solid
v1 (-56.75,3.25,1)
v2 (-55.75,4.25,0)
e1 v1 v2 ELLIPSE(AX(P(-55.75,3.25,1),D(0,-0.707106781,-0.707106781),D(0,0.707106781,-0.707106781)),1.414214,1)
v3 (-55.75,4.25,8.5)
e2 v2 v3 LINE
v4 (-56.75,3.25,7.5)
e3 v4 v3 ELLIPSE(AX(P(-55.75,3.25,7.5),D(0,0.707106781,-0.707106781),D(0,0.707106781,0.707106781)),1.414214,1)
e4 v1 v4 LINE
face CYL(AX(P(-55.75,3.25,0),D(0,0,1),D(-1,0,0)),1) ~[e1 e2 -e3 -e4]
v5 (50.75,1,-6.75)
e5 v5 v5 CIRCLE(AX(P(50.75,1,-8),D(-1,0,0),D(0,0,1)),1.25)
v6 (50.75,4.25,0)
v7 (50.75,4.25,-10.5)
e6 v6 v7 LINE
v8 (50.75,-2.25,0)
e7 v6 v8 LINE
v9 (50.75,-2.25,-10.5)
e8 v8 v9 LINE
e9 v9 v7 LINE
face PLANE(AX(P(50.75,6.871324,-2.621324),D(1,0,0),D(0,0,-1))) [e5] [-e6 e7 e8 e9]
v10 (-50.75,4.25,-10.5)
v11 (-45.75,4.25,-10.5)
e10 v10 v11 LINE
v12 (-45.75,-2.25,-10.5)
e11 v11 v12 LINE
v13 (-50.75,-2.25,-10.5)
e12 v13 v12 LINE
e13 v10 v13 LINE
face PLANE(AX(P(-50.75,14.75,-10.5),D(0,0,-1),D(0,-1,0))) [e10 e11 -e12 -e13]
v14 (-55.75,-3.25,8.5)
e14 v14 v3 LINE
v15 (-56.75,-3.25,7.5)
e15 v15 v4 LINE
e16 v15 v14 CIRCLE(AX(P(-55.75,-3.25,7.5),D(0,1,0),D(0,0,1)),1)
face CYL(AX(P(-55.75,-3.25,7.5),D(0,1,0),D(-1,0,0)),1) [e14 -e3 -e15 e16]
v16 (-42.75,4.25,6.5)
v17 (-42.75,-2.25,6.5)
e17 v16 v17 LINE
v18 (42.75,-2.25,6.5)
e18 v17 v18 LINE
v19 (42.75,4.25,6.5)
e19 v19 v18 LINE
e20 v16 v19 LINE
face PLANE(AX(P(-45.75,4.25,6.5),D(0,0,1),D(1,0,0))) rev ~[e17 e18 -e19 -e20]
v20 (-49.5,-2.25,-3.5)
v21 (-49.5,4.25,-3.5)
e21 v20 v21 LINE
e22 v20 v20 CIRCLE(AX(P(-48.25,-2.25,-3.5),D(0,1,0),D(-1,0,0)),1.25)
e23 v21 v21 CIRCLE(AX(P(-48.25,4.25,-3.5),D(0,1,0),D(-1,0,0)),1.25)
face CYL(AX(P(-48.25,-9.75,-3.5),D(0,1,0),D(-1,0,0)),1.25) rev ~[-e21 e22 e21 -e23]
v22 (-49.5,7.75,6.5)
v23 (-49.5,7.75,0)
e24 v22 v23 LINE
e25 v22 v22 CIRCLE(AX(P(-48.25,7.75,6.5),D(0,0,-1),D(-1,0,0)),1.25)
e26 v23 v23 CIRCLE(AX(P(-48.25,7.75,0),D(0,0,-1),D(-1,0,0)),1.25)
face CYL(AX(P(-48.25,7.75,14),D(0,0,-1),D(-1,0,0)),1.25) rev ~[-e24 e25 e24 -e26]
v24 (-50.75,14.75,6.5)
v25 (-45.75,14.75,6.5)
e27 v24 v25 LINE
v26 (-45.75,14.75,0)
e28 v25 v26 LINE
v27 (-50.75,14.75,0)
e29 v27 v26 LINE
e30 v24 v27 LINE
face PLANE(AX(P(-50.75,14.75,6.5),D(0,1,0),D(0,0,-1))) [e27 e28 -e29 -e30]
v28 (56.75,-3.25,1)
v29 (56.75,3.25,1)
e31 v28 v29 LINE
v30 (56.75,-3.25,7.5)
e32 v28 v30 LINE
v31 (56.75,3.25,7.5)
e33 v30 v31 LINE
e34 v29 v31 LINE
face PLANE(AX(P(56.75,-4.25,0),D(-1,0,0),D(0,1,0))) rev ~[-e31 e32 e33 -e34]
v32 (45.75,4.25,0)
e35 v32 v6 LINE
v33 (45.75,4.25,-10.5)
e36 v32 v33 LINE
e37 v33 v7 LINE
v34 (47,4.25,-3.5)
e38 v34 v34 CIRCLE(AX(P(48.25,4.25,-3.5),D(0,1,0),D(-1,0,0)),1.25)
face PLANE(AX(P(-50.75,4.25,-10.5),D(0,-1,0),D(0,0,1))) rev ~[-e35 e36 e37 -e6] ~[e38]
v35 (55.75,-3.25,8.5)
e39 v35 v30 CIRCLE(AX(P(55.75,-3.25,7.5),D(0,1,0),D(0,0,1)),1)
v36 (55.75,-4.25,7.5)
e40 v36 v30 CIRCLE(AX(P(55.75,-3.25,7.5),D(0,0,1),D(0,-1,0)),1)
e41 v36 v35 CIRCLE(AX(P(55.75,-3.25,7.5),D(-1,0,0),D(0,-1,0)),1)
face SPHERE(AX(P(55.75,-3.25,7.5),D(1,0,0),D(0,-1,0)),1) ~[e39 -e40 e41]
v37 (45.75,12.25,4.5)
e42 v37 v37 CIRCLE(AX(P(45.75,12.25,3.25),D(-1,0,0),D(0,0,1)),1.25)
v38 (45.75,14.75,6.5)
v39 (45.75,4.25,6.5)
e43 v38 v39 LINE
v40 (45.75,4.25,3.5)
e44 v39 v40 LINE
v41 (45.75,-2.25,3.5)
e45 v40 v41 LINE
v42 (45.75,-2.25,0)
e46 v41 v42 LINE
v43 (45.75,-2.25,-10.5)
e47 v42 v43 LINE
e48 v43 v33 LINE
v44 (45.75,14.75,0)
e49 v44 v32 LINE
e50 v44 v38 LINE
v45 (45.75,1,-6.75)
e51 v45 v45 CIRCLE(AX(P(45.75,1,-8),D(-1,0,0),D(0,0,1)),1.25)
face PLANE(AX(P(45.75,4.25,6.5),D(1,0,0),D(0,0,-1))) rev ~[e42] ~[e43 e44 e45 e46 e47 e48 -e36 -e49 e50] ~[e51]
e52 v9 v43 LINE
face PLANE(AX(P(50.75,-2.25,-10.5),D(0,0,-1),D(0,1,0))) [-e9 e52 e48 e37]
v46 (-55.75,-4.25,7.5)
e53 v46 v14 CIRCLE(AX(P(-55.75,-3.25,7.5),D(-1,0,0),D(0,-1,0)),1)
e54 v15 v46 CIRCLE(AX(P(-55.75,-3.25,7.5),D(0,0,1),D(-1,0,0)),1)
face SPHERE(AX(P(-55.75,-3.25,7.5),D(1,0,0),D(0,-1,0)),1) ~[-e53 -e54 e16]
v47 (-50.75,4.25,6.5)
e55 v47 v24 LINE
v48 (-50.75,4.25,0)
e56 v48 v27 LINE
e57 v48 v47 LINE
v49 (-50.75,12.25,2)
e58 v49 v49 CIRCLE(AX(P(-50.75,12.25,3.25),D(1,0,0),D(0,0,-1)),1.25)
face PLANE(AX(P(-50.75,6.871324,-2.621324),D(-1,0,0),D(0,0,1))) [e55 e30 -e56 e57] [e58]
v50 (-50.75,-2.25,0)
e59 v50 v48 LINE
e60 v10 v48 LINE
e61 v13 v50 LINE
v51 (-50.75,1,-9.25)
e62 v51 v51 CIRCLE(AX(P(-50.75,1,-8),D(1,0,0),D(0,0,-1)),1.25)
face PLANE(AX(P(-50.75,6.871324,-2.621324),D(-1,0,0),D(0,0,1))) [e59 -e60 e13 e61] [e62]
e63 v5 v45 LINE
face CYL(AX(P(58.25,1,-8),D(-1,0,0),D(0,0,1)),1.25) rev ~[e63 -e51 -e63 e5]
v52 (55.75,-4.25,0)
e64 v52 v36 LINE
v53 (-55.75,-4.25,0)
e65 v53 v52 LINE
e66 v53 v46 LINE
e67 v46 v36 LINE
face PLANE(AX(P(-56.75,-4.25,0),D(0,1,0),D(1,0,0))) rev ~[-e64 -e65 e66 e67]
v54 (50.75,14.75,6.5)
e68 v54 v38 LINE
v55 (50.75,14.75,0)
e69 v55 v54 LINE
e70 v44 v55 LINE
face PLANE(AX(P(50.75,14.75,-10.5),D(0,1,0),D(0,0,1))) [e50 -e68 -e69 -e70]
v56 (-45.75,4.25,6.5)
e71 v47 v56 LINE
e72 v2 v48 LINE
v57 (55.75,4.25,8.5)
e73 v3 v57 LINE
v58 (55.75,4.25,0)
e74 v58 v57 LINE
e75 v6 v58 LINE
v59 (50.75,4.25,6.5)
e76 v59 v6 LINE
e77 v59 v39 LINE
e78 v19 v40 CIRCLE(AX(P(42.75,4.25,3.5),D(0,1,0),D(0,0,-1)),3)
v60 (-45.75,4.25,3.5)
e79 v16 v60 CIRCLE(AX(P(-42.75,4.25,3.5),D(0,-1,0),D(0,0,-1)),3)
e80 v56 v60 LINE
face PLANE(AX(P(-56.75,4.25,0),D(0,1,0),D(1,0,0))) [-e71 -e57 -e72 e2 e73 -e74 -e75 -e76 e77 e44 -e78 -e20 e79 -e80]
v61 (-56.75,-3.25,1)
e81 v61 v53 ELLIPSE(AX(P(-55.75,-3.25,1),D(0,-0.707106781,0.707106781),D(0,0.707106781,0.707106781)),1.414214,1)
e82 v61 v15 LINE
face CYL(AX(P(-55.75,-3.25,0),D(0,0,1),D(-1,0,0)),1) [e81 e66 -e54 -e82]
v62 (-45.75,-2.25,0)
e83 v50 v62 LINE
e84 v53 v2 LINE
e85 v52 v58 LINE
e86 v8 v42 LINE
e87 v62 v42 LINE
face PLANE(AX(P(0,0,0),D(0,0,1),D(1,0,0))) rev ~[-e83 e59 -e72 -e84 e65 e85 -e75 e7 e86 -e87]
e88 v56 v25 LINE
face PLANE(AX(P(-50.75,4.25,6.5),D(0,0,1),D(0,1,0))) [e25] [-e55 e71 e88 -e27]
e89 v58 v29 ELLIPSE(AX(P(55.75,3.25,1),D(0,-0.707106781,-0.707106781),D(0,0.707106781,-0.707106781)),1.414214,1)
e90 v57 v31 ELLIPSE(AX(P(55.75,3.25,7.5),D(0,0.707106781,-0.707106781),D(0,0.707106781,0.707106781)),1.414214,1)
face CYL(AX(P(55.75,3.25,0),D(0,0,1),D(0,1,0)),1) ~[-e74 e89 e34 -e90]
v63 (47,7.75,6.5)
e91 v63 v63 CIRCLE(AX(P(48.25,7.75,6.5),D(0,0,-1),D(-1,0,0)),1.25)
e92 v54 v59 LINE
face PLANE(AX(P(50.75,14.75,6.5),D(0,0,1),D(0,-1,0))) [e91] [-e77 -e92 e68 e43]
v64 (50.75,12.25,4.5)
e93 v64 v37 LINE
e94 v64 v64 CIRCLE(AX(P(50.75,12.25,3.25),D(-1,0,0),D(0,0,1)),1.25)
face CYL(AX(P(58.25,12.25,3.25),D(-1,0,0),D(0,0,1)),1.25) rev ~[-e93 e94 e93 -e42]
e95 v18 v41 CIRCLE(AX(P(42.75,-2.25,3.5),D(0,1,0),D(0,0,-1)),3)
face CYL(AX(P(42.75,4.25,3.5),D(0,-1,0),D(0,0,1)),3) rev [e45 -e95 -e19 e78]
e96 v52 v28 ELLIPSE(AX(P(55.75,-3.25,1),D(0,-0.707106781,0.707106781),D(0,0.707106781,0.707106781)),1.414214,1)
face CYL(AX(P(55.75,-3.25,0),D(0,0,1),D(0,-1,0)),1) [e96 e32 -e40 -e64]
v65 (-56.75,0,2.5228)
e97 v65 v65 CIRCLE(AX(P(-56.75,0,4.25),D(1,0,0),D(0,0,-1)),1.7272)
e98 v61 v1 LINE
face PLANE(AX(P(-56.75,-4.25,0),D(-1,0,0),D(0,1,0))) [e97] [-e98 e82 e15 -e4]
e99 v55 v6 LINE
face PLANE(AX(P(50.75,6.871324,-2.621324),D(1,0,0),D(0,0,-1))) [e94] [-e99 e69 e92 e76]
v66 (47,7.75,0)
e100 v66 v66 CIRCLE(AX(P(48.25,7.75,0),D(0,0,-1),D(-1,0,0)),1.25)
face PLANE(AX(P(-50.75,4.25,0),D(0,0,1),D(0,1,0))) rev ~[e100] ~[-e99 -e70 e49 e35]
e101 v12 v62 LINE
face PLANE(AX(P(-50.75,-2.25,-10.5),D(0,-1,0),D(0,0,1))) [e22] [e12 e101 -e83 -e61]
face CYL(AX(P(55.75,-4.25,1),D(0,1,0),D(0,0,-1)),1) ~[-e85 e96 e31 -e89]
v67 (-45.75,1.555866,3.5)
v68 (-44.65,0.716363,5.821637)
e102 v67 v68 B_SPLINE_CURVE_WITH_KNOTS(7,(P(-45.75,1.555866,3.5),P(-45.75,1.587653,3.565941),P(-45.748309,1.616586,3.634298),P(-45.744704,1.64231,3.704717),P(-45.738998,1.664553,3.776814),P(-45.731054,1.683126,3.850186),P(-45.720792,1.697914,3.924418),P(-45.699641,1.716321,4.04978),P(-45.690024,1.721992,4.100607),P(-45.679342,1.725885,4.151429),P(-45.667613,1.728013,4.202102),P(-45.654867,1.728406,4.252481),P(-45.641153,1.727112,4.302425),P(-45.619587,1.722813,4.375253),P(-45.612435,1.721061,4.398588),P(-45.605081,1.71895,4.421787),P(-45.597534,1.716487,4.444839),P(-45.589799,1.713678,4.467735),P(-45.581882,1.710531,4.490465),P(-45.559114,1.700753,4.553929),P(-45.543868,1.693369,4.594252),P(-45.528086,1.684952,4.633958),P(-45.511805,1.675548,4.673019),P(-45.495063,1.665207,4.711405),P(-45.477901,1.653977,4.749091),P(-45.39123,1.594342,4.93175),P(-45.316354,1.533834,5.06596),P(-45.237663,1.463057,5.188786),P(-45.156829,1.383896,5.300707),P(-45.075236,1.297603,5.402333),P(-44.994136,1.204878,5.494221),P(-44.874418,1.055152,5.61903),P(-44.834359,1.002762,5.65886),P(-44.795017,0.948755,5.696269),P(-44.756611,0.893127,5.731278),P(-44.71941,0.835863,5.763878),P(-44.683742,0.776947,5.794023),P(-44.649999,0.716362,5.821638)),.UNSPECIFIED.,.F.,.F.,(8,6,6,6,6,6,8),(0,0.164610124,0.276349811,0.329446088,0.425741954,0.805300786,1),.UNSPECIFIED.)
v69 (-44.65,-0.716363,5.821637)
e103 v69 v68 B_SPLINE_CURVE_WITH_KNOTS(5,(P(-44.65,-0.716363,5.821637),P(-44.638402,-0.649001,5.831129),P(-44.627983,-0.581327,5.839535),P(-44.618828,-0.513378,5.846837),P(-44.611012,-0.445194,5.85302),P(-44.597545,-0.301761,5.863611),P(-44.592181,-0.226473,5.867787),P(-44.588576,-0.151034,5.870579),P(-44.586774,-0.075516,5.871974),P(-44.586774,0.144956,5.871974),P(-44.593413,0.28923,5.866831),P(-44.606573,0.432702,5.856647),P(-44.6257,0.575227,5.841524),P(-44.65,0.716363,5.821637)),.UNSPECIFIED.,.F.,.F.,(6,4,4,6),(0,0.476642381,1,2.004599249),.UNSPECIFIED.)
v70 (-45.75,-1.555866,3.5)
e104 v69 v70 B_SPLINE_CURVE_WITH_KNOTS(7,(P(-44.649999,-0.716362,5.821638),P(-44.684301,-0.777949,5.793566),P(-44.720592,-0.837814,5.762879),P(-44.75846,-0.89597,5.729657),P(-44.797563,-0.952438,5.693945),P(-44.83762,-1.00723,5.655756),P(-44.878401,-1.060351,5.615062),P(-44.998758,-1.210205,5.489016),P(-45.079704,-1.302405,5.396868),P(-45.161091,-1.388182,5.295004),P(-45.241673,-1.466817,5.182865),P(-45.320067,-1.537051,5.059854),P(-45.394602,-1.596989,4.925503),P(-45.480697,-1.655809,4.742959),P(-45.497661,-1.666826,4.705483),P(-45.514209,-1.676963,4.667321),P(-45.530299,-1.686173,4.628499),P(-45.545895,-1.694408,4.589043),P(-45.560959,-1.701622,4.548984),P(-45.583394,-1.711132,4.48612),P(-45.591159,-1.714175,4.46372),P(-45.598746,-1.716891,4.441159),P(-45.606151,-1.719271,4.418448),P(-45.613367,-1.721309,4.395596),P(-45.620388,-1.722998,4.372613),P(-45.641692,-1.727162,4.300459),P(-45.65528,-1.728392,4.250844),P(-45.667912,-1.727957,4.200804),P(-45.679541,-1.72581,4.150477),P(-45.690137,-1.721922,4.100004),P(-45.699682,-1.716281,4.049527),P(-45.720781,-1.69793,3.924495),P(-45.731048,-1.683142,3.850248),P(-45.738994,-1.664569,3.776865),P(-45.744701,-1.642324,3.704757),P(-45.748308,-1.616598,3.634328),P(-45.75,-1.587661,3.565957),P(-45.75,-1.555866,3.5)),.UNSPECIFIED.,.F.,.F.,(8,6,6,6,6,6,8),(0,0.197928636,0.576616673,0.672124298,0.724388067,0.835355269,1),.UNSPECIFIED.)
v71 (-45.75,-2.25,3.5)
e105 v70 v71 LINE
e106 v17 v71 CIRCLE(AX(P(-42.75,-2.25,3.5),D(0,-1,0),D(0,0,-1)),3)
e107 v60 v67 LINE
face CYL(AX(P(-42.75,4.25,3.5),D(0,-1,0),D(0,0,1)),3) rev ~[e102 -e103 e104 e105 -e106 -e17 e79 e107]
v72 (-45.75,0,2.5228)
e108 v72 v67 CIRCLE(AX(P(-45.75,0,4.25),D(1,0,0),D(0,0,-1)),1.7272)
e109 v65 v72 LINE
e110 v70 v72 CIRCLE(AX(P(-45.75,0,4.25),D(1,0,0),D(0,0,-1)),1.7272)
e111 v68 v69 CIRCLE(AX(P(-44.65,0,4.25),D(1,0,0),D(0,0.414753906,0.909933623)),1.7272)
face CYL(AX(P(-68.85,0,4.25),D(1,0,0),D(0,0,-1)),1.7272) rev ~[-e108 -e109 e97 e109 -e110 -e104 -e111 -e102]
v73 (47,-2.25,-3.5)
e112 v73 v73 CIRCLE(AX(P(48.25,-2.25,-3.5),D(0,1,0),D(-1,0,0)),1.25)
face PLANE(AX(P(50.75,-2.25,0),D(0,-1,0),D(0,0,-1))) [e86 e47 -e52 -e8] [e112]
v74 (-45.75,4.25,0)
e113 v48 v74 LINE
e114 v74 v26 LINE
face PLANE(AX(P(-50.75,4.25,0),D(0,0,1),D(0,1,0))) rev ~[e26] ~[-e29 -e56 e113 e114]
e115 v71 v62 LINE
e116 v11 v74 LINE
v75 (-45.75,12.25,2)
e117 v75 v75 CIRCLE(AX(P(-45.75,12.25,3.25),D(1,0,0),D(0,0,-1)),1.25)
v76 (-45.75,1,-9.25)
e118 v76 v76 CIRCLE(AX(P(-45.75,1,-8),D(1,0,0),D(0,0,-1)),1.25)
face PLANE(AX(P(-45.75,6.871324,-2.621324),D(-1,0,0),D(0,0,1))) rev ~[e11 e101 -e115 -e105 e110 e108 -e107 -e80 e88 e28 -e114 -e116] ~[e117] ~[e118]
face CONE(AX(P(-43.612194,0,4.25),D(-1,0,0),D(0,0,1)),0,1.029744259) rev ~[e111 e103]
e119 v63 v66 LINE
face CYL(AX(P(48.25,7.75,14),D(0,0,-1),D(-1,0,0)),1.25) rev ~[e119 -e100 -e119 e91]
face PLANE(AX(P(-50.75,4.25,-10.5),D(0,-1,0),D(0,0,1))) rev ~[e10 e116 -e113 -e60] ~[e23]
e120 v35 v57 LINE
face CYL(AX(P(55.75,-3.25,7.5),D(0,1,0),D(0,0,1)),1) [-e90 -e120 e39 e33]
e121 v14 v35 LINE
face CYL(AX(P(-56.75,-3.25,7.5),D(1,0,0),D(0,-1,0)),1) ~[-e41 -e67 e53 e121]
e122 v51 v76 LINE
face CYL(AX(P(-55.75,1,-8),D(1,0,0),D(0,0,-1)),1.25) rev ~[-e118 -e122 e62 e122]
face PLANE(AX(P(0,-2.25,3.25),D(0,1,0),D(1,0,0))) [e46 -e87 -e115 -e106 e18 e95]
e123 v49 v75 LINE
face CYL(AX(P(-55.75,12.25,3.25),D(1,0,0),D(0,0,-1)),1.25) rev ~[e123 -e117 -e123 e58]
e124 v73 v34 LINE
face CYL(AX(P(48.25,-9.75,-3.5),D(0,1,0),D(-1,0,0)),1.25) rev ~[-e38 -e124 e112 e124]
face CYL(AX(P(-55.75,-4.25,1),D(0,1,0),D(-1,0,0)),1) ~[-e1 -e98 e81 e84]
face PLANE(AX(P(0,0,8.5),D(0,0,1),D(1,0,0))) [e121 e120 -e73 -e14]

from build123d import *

# Parameters (mm, degrees)
SKETCH1_W                 = 113.5
SKETCH1_H                 = 8.5
BOSS_EXTRUDE1_DEPTH       = 8.5
BOSS_EXTRUDE2_DEPTH       = 5
BOSS_EXTRUDE3_DEPTH       = 5
SKETCH13_W                = 91.5
SKETCH13_H                = 6.5
CUT_EXTRUDE1_DEPTH        = 6.5
M3X0_5_TAPPED_HOLE1_D     = 2.5
M3X0_5_TAPPED_HOLE1_DEPTH = 7.5
M3X0_5_TAPPED_HOLE1_TIP   = 0.751075774
M3X0_5_TAPPED_HOLE2_D     = 2.5
M3X0_5_TAPPED_HOLE2_DEPTH = 5
M3X0_5_TAPPED_HOLE3_D     = 2.5
M3X0_5_TAPPED_HOLE3_DEPTH = 5
M3X0_5_TAPPED_HOLE4_D     = 2.5
M3X0_5_TAPPED_HOLE4_DEPTH = 7.5
M3X0_5_TAPPED_HOLE4_TIP   = 0.751075774
FILLET1_R                 = 1
FILLET2_R                 = 1
FILLET3_R                 = 1
FILLET4_R                 = 3
M3X0_5_TAPPED_HOLE5_D     = 2.5
M3X0_5_TAPPED_HOLE5_DEPTH = 7.5
M3X0_5_TAPPED_HOLE5_TIP   = 0.751075774
M3X0_5_TAPPED_HOLE6_D     = 2.5
M3X0_5_TAPPED_HOLE6_DEPTH = 7.5
M3X0_5_TAPPED_HOLE6_TIP   = 0.751075774
M3X0_5_TAPPED_HOLE7_D     = 2.5
M3X0_5_TAPPED_HOLE7_DEPTH = 7.5
M3X0_5_TAPPED_HOLE7_TIP   = 0.751075774
M3X0_5_TAPPED_HOLE9_D     = 2.5
M3X0_5_TAPPED_HOLE9_DEPTH = 7.5
M3X0_5_TAPPED_HOLE9_TIP   = 0.751075774
SKETCH43_W                = 10.5
SKETCH43_H                = 10.5
CUT_EXTRUDE3_DEPTH        = 110.01404726
F_8_36_TAPPED_HOLE1_D     = 3.4544
F_8_36_TAPPED_HOLE1_DEPTH = 12.1
F_8_36_TAPPED_HOLE1_TIP   = 1.037806461


with BuildPart() as part:
    # Sketch1 → Boss-Extrude1 (new body)
    with BuildSketch(Plane.XY):
        Rectangle(SKETCH1_W, SKETCH1_H)
    extrude(amount=BOSS_EXTRUDE1_DEPTH)

    # Sketch4 → Boss-Extrude2 (add)
    with BuildSketch(Plane(origin=(50.75, 0, 0), x_dir=(0, 0, -1), z_dir=(1, 0, 0))):
        Polygon((0, -2.25), (10.5, -2.25), (10.5, 14.75), (-6.5, 14.75), (-6.5, 4.25), (0, 4.25), align=None)
    extrude(amount=-BOSS_EXTRUDE2_DEPTH)

    # Sketch12 → Boss-Extrude3 (add)
    with BuildSketch(Plane.ZY.offset(50.75)):
        Polygon((6.5, 4.25), (6.5, 14.75), (-10.5, 14.75), (-10.5, -2.25), (0, -2.25), (0, 4.25), align=None)
    extrude(amount=-BOSS_EXTRUDE3_DEPTH)

    # Sketch13 → Cut-Extrude1 (cut)
    with BuildSketch(Plane(origin=(0, 4.25, 0), x_dir=(1, 0, 0), z_dir=(0, 1, 0))):
        with Locations((0, -3.25)):
            Rectangle(SKETCH13_W, SKETCH13_H)
    extrude(amount=-CUT_EXTRUDE1_DEPTH, mode=Mode.SUBTRACT)

    # M3x0.5 Tapped Hole1
    with Locations(Plane.XY.offset(6.5)):
        with Locations((-48.25, 7.75)):
            Hole(M3X0_5_TAPPED_HOLE1_D / 2, depth=M3X0_5_TAPPED_HOLE1_DEPTH)
            with Locations((0, 0, -(M3X0_5_TAPPED_HOLE1_DEPTH + M3X0_5_TAPPED_HOLE1_TIP / 2))):  # 118° drill point
                Cone(0, M3X0_5_TAPPED_HOLE1_D / 2, M3X0_5_TAPPED_HOLE1_TIP, mode=Mode.SUBTRACT)

    # M3x0.5 Tapped Hole2
    with Locations(Plane.ZY.offset(50.75)):
        with Locations((3.25, 12.25)):
            Hole(M3X0_5_TAPPED_HOLE2_D / 2, depth=M3X0_5_TAPPED_HOLE2_DEPTH)

    # M3x0.5 Tapped Hole3
    with Locations(Plane.ZY.offset(50.75)):
        with Locations((-8, 1)):
            Hole(M3X0_5_TAPPED_HOLE3_D / 2, depth=M3X0_5_TAPPED_HOLE3_DEPTH)

    # M3x0.5 Tapped Hole4
    with Locations(Plane.XZ.offset(2.25)):
        with Locations((-48.25, -3.5)):
            Hole(M3X0_5_TAPPED_HOLE4_D / 2, depth=M3X0_5_TAPPED_HOLE4_DEPTH)
            with Locations((0, 0, -(M3X0_5_TAPPED_HOLE4_DEPTH + M3X0_5_TAPPED_HOLE4_TIP / 2))):  # 118° drill point
                Cone(0, M3X0_5_TAPPED_HOLE4_D / 2, M3X0_5_TAPPED_HOLE4_TIP, mode=Mode.SUBTRACT)

    # Fillet1
    fillet1_edges = [part.edges().sort_by_distance(p)[0] for p in [
        (0, -4.25, 8.5),
    ]]
    fillet(fillet1_edges, radius=FILLET1_R)

    # Fillet2
    fillet2_edges = [part.edges().sort_by_distance(p)[0] for p in [
        (-56.75, 0.5, 8.5),
        (-56.75, 0, 0),
        (-56.75, 4.25, 4.25),
        (-56.75, -4.25, 3.75),
        (-56.75, -3.957106781, 8.207106781),
    ]]
    fillet(fillet2_edges, radius=FILLET2_R)

    # Fillet3
    fillet3_edges = [part.edges().sort_by_distance(p)[0] for p in [
        (56.75, 0, 0),
        (56.75, 4.25, 4.25),
        (56.75, 0.5, 8.5),
        (56.75, -4.25, 3.75),
        (56.75, -3.957106781, 8.207106781),
    ]]
    fillet(fillet3_edges, radius=FILLET3_R)

    # Fillet4
    fillet4_edges = [part.edges().sort_by_distance(p)[0] for p in [
        (-45.75, 1, 6.5),
        (45.75, 1, 6.5),
    ]]
    fillet(fillet4_edges, radius=FILLET4_R)

    # M3x0.5 Tapped Hole5
    with Locations(Plane.XY.offset(6.5)):
        with Locations((48.25, 7.75)):
            Hole(M3X0_5_TAPPED_HOLE5_D / 2, depth=M3X0_5_TAPPED_HOLE5_DEPTH)
            with Locations((0, 0, -(M3X0_5_TAPPED_HOLE5_DEPTH + M3X0_5_TAPPED_HOLE5_TIP / 2))):  # 118° drill point
                Cone(0, M3X0_5_TAPPED_HOLE5_D / 2, M3X0_5_TAPPED_HOLE5_TIP, mode=Mode.SUBTRACT)

    # M3x0.5 Tapped Hole6
    with Locations(Plane.XZ.offset(2.25)):
        with Locations((48.25, -3.5)):
            Hole(M3X0_5_TAPPED_HOLE6_D / 2, depth=M3X0_5_TAPPED_HOLE6_DEPTH)
            with Locations((0, 0, -(M3X0_5_TAPPED_HOLE6_DEPTH + M3X0_5_TAPPED_HOLE6_TIP / 2))):  # 118° drill point
                Cone(0, M3X0_5_TAPPED_HOLE6_D / 2, M3X0_5_TAPPED_HOLE6_TIP, mode=Mode.SUBTRACT)

    # M3x0.5 Tapped Hole7
    with Locations(Plane(origin=(50.75, 0, 0), x_dir=(0, 0, -1), z_dir=(1, 0, 0))):
        with Locations((8, 1)):
            Hole(M3X0_5_TAPPED_HOLE7_D / 2, depth=M3X0_5_TAPPED_HOLE7_DEPTH)
            with Locations((0, 0, -(M3X0_5_TAPPED_HOLE7_DEPTH + M3X0_5_TAPPED_HOLE7_TIP / 2))):  # 118° drill point
                Cone(0, M3X0_5_TAPPED_HOLE7_D / 2, M3X0_5_TAPPED_HOLE7_TIP, mode=Mode.SUBTRACT)

    # M3x0.5 Tapped Hole9
    with Locations(Plane(origin=(50.75, 0, 0), x_dir=(0, 0, -1), z_dir=(1, 0, 0))):
        with Locations((-3.25, 12.25)):
            Hole(M3X0_5_TAPPED_HOLE9_D / 2, depth=M3X0_5_TAPPED_HOLE9_DEPTH)
            with Locations((0, 0, -(M3X0_5_TAPPED_HOLE9_DEPTH + M3X0_5_TAPPED_HOLE9_TIP / 2))):  # 118° drill point
                Cone(0, M3X0_5_TAPPED_HOLE9_D / 2, M3X0_5_TAPPED_HOLE9_TIP, mode=Mode.SUBTRACT)

    # Sketch43 → Cut-Extrude3 (cut, through all)
    with BuildSketch(Plane.ZY.offset(50.75)):
        with Locations((-5.25, 9.5)):
            Rectangle(SKETCH43_W, SKETCH43_H)
    extrude(amount=-CUT_EXTRUDE3_DEPTH, mode=Mode.SUBTRACT)

    # #8-36 Tapped Hole1
    with Locations(Plane.ZY.offset(56.75)):
        with Locations((4.25, 0)):
            Hole(F_8_36_TAPPED_HOLE1_D / 2, depth=F_8_36_TAPPED_HOLE1_DEPTH)
            with Locations((0, 0, -(F_8_36_TAPPED_HOLE1_DEPTH + F_8_36_TAPPED_HOLE1_TIP / 2))):  # 118° drill point
                Cone(0, F_8_36_TAPPED_HOLE1_D / 2, F_8_36_TAPPED_HOLE1_TIP, mode=Mode.SUBTRACT)


solid = part.part
